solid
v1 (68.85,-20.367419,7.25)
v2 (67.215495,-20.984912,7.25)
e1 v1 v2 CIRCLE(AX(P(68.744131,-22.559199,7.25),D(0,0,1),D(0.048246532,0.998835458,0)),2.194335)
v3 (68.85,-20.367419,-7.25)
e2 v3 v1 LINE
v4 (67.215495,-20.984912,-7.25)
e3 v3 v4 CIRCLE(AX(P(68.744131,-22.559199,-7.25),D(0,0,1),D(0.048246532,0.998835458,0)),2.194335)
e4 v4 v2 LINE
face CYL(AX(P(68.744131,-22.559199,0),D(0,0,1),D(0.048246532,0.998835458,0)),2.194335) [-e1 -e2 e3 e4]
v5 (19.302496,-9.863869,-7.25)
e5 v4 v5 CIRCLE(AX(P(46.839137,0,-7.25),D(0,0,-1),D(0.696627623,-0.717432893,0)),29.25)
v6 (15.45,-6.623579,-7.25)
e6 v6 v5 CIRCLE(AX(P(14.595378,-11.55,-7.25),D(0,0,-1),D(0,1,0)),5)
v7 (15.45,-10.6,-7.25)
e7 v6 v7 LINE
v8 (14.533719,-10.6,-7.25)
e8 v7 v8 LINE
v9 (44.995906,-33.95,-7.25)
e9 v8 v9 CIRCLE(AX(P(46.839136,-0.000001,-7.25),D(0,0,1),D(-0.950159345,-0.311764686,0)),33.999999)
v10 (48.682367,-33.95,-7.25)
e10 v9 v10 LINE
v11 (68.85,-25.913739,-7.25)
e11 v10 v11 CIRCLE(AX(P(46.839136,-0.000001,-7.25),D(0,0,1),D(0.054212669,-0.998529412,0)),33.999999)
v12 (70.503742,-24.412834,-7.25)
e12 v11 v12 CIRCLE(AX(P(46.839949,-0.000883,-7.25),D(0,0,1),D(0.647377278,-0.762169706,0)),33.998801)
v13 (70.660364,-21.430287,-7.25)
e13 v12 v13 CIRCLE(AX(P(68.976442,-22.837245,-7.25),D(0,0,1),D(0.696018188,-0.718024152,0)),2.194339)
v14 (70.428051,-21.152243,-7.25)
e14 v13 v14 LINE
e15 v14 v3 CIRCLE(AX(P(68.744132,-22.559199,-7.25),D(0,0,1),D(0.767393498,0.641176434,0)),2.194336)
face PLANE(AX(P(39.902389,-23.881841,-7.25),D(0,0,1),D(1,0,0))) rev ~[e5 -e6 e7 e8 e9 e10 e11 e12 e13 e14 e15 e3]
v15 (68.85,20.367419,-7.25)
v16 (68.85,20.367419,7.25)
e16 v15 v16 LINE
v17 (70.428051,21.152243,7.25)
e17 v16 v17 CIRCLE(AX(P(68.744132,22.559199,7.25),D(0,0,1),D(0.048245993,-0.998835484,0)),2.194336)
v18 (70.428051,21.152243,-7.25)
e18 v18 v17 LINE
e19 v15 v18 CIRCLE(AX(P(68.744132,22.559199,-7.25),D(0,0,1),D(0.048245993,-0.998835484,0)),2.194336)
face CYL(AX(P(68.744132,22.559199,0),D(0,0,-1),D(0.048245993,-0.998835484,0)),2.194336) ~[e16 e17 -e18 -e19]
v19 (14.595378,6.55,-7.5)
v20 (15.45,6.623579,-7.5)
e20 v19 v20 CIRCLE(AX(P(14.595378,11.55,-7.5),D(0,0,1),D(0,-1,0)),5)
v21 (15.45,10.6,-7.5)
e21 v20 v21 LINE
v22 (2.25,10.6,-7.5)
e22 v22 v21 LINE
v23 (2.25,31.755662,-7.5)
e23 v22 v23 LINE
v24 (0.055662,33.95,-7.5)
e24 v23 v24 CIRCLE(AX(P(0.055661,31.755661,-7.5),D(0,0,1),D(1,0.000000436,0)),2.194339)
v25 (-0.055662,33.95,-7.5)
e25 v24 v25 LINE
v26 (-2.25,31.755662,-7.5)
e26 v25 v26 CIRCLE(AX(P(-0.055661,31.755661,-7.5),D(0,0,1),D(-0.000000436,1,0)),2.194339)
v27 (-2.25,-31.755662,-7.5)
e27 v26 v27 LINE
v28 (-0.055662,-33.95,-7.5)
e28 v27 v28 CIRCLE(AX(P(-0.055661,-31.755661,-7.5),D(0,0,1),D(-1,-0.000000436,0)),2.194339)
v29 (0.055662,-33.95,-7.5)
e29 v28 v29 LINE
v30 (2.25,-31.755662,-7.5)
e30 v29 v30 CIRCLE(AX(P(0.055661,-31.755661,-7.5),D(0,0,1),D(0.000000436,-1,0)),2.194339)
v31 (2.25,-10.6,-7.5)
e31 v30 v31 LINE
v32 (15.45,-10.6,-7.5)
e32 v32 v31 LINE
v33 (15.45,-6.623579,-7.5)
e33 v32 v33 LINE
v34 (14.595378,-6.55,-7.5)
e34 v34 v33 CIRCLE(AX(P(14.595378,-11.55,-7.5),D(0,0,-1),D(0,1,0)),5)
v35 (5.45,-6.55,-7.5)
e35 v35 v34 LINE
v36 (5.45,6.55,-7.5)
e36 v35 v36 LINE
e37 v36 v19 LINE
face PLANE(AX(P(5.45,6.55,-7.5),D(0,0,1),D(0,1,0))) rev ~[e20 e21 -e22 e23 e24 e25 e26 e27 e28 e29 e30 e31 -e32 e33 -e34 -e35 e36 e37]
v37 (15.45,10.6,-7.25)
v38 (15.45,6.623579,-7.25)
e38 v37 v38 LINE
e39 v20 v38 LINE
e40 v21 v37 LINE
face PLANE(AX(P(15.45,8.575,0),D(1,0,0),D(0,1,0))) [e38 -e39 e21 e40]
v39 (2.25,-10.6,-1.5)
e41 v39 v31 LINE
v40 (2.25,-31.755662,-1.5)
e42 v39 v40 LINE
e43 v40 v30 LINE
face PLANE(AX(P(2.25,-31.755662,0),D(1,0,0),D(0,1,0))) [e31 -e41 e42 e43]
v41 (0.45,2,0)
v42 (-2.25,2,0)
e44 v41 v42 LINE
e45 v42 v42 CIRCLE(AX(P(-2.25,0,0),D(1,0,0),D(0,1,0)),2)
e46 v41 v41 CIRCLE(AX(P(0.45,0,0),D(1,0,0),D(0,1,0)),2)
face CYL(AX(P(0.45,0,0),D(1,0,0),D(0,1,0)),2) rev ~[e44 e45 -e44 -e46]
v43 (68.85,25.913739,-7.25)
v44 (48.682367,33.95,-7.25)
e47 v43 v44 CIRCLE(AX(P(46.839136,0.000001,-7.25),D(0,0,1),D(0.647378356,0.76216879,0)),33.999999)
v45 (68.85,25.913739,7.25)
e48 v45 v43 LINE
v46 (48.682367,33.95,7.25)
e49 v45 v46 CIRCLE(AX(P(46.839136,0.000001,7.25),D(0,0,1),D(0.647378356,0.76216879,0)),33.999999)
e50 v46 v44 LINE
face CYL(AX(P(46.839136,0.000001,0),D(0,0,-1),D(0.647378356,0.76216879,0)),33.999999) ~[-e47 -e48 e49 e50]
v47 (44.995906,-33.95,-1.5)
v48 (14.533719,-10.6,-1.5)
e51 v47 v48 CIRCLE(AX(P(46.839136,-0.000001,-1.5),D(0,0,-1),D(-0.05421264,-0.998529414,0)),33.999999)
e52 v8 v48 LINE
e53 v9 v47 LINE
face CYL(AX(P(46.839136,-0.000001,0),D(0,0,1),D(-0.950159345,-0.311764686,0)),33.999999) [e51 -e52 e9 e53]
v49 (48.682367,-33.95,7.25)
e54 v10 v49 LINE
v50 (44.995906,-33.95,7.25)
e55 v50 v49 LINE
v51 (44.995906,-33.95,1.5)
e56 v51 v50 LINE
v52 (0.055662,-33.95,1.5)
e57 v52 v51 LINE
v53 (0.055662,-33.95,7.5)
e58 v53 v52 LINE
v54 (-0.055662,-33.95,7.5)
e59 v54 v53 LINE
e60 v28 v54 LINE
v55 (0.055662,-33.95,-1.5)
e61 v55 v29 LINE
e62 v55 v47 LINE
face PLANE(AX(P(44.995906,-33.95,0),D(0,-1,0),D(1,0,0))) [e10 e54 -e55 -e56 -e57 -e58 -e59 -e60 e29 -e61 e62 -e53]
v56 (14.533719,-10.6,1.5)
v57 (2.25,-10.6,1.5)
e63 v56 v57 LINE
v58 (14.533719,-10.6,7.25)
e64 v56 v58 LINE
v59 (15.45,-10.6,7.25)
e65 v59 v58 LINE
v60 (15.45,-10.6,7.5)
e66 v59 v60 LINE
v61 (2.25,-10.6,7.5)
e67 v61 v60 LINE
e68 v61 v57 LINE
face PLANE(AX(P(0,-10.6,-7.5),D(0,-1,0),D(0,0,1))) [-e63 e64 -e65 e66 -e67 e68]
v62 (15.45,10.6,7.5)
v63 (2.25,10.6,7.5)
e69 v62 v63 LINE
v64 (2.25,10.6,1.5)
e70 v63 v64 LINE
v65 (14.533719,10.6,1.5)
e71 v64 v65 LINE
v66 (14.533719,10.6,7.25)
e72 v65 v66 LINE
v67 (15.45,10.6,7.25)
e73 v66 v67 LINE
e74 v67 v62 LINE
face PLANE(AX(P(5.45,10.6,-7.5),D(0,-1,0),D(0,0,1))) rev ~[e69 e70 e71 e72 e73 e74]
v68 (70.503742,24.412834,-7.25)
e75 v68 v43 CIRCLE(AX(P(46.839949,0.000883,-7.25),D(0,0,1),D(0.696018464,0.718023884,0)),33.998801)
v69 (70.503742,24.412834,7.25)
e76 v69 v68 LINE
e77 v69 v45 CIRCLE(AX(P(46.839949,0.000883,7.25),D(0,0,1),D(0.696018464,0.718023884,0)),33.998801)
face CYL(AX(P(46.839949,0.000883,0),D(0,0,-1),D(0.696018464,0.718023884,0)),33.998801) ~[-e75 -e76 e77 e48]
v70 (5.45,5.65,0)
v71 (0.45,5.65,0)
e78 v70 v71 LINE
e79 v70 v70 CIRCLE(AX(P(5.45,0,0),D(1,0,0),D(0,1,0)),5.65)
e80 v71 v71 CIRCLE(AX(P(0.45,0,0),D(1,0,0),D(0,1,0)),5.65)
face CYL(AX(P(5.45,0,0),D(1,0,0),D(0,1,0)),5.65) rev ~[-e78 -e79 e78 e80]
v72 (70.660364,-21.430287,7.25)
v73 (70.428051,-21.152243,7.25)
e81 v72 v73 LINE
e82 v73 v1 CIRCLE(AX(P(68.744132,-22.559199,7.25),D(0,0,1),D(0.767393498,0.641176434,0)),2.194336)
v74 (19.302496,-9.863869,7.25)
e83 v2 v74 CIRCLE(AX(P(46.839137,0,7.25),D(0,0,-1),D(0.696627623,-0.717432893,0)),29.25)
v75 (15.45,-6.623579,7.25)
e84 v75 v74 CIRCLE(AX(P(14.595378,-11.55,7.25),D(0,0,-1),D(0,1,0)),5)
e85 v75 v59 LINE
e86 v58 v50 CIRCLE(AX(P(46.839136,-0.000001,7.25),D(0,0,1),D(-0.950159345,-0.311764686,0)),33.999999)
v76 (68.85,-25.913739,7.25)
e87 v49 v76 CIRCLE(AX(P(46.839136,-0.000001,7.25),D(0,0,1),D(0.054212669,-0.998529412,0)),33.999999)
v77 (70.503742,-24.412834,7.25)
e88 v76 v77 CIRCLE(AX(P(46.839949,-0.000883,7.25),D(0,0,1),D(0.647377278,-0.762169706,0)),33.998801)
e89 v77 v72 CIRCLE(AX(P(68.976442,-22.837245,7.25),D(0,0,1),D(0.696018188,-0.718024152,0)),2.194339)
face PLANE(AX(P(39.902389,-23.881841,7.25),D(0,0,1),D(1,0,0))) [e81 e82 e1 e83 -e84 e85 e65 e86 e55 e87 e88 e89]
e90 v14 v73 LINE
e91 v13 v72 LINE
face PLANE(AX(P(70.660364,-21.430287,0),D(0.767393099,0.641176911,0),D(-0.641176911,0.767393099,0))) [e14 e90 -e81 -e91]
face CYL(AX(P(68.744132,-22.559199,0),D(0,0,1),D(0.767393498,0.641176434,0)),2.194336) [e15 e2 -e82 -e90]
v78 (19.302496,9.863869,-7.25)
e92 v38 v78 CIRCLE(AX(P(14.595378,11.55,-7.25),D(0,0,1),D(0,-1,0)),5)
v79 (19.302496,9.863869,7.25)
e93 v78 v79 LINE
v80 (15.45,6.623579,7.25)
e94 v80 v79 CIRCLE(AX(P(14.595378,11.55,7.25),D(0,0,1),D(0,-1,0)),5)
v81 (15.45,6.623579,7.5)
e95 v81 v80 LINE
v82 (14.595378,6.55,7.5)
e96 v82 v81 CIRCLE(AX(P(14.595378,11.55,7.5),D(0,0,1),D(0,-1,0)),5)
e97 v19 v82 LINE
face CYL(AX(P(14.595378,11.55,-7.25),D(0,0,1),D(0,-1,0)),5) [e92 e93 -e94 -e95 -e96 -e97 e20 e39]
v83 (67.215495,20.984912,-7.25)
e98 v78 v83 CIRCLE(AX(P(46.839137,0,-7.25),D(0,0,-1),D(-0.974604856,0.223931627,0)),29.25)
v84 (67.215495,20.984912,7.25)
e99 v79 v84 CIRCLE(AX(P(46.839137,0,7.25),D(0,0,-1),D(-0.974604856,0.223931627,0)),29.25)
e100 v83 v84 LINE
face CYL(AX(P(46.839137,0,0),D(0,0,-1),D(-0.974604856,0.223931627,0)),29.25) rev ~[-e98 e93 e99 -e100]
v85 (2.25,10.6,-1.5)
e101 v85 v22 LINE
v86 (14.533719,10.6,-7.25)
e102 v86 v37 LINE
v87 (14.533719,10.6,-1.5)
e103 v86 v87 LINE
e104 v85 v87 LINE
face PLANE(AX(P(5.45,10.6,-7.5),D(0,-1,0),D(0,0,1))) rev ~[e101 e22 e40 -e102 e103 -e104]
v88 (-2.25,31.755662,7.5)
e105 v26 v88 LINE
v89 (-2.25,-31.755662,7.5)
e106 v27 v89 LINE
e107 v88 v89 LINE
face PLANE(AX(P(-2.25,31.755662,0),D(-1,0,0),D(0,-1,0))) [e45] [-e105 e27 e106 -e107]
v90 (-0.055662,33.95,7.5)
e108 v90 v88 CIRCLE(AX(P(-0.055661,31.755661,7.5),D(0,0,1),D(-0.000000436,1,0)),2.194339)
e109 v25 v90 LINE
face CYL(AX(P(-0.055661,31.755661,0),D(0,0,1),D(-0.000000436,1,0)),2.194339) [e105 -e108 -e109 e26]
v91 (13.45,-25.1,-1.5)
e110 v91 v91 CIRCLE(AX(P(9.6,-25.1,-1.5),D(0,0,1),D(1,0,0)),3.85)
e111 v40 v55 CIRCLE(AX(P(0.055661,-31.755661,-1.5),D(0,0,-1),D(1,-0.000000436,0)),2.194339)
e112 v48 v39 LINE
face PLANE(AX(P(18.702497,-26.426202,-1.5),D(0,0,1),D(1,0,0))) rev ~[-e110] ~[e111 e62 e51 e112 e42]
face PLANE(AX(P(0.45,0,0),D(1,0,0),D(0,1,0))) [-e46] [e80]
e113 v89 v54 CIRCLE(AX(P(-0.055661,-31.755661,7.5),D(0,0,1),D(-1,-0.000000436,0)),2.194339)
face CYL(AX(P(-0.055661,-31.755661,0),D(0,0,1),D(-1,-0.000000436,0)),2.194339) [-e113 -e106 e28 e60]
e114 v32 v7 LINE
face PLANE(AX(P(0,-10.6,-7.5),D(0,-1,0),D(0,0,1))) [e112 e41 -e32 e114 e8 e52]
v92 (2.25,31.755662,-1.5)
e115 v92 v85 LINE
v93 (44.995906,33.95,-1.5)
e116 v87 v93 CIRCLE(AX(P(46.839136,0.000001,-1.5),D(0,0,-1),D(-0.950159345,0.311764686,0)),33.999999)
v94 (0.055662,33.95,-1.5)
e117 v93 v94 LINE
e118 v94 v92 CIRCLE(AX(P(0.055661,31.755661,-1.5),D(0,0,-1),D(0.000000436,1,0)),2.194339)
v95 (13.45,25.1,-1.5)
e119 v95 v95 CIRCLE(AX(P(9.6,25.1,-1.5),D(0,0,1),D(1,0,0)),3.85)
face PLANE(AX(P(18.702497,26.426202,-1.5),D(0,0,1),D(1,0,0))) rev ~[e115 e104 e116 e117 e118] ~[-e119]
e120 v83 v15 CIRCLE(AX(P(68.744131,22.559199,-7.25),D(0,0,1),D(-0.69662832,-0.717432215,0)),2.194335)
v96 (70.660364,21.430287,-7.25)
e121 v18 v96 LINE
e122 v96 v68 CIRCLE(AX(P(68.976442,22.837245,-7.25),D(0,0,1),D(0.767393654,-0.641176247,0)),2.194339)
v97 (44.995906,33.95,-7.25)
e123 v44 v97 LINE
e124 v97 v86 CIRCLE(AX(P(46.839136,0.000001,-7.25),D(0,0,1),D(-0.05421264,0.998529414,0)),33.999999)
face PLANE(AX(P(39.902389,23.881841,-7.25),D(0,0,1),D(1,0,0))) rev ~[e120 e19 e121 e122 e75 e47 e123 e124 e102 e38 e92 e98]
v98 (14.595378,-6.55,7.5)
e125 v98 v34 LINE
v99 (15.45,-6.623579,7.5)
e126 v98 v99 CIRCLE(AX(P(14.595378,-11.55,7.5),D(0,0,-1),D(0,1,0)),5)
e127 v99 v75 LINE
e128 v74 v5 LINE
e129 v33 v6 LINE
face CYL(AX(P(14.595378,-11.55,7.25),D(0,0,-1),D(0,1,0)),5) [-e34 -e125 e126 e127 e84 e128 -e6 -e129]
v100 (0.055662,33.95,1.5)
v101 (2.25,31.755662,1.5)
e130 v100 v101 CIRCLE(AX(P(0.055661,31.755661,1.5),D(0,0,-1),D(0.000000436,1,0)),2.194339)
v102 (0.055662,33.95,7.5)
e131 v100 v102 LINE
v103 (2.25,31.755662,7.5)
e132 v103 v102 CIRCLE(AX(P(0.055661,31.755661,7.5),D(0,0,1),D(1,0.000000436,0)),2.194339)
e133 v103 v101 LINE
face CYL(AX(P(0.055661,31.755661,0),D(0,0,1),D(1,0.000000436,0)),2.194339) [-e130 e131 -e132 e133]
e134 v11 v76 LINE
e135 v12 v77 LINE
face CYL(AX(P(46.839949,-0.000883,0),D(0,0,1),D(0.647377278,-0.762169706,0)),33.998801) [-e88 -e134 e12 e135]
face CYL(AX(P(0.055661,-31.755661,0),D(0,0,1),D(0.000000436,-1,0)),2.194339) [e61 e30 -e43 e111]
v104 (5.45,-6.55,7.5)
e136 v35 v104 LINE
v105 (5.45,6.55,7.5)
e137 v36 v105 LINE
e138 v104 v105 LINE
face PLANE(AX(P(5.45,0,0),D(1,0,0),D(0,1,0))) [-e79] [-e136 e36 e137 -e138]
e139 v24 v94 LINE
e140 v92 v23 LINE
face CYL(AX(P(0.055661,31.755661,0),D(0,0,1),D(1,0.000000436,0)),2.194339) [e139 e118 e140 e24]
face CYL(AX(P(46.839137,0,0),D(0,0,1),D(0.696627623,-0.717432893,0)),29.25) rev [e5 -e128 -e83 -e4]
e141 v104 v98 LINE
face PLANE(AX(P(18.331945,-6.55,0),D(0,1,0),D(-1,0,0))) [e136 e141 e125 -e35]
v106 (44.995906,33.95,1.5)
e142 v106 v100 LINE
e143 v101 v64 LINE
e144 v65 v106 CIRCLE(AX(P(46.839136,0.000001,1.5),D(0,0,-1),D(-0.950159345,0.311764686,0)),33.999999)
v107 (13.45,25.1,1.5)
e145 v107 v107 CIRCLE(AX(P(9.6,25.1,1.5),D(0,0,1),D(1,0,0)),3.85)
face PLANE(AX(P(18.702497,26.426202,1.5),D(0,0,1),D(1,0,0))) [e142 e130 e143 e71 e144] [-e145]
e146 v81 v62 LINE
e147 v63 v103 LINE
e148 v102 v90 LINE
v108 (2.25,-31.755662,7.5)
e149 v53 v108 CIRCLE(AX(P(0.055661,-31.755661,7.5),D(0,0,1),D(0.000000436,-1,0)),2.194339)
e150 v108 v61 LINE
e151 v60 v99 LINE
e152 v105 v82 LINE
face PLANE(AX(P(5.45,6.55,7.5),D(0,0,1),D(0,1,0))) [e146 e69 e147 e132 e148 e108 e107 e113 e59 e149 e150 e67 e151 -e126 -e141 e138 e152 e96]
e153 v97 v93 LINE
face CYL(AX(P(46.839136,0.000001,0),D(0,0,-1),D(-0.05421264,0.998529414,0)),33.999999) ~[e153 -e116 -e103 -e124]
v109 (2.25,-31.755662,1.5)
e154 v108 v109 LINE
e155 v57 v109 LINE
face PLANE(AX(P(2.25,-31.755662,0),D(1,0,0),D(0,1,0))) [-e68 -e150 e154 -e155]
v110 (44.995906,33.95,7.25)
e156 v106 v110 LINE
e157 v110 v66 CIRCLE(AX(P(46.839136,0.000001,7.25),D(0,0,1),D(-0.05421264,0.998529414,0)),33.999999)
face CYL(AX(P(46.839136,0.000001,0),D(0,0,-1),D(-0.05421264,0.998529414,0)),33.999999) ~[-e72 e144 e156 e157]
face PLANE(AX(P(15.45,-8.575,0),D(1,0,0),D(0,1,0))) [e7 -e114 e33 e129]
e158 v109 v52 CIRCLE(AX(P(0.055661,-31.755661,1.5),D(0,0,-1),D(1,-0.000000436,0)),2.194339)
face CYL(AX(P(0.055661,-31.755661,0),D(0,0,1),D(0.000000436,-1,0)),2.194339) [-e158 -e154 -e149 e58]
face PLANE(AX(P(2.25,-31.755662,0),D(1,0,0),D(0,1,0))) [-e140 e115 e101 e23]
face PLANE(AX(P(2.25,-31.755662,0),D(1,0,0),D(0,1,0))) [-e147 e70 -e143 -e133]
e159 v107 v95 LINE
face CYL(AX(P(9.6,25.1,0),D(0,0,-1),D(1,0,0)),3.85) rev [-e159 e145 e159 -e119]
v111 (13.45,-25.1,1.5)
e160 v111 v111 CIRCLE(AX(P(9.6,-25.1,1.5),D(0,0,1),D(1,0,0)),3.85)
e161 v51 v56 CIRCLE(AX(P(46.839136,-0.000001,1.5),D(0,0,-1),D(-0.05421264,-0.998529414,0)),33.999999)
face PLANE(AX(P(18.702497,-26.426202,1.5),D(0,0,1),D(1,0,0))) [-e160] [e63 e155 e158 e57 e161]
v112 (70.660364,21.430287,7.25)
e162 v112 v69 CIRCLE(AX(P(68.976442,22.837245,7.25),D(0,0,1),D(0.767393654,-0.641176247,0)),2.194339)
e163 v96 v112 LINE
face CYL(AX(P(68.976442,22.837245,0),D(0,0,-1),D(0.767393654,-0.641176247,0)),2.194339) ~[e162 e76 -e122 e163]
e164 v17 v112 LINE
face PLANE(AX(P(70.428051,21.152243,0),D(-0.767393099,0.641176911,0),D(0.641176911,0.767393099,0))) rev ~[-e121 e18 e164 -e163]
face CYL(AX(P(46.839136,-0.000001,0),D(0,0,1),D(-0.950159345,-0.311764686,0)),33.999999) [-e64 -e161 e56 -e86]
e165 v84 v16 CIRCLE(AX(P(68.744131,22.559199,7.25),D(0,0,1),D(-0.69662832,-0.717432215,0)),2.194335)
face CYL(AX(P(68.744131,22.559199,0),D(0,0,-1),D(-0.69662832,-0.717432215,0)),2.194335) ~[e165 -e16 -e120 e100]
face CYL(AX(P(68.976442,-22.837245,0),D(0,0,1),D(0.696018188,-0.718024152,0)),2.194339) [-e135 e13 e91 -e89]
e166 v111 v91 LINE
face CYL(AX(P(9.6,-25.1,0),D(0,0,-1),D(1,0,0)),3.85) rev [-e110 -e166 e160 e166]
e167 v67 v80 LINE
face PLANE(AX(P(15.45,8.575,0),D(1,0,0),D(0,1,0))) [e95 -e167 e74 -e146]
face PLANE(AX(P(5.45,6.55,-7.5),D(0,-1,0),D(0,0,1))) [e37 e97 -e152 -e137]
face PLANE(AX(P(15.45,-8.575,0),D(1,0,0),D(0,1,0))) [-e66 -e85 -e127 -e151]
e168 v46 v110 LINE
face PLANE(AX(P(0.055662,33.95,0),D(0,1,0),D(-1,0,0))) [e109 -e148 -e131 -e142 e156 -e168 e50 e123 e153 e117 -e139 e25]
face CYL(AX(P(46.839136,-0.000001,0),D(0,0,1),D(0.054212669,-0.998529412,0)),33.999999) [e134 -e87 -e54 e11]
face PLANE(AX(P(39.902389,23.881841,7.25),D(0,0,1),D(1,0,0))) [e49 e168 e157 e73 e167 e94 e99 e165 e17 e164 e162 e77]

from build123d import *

# Parameters (mm, degrees)
F1_DEPTH  = 7.5
F2_W      = 21.2
F2_H      = 15
F3_DEPTH  = 5.45
F4_W      = 4.05
F4_H      = 15
F5_DEPTH  = 10
F6_R      = 3.85
F7_DEPTH  = 1.5
F8_DEPTH  = 7.25
F9_R      = 5
F10_R     = 5.65
F11_DEPTH = 5
F12_R     = 2
F13_DEPTH = 25


with BuildPart() as f1:
    # F0 (on Top) → F1 (new body, symmetric)
    with BuildSketch(Plane.XY):
        with BuildLine():
            ThreePointArc((2.25, 31.755662), (1.607293, 33.307293), (0.055662, 33.95))
            Line((0.055662, 33.95), (-0.055662, 33.95))
            ThreePointArc((-0.055662, 33.95), (-1.607293, 33.307293), (-2.25, 31.755662))
            Line((-2.25, 31.755662), (-2.25, -31.755662))
            ThreePointArc((-2.25, -31.755662), (-1.607293, -33.307293), (-0.055662, -33.95))
            Line((-0.055662, -33.95), (0.055662, -33.95))
            ThreePointArc((0.055662, -33.95), (1.607293, -33.307293), (2.25, -31.755662))
            Line((2.25, -31.755662), (2.25, 31.755662))
        make_face()
    extrude(amount=F1_DEPTH, both=True)

    # F2 (on Right) → F3 (join)
    with BuildSketch(Plane.YZ):
        Rectangle(F2_W, F2_H)
    extrude(amount=F3_DEPTH)

    # F4 (on face) → F5 (join)
    with BuildSketch(Plane.YZ.offset(5.45)):
        with Locations((8.575, 0)):
            Rectangle(F4_W, F4_H)
        with Locations((-8.575, 0)):
            Rectangle(F4_W, F4_H)
    extrude(amount=F5_DEPTH)

    # F6 (on Top) → F7 (join, symmetric)
    with BuildSketch(Plane.XY):
        with BuildLine():
            Line((44.995906, 33.95), (0.055662, 33.95))
            ThreePointArc((0.055662, 33.95), (1.607293, 33.307293), (2.25, 31.755662))
            Line((2.25, 31.755662), (2.25, 10.6))
            Line((2.25, 10.6), (14.533719, 10.6))
            ThreePointArc((14.533719, 10.6), (26.154887, 26.984474), (44.995906, 33.95))
        make_face()
        with Locations((9.6, 25.1)):
            Circle(F6_R, mode=Mode.SUBTRACT)
        with BuildLine():
            Line((2.25, -10.6), (2.25, -31.755662))
            ThreePointArc((2.25, -31.755662), (1.607293, -33.307293), (0.055662, -33.95))
            Line((0.055662, -33.95), (44.995906, -33.95))
            ThreePointArc((44.995906, -33.95), (26.154887, -26.984474), (14.533719, -10.6))
            Line((14.533719, -10.6), (2.25, -10.6))
        make_face()
        with Locations((9.6, -25.1)):
            Circle(F6_R, mode=Mode.SUBTRACT)
    extrude(amount=F7_DEPTH, both=True)

    # F6 (on Top) → F8 (join, symmetric)
    with BuildSketch(Plane.XY):
        with BuildLine():
            Line((48.682367, 33.95), (44.995906, 33.95))
            ThreePointArc((44.995906, 33.95), (26.154887, 26.984474), (14.533719, 10.6))
            Line((14.533719, 10.6), (15.45, 10.6))
            Line((15.45, 10.6), (15.45, 6.55))
            Line((15.45, 6.55), (18.331945, 6.55))
            ThreePointArc((18.331945, 6.55), (38.555461, 28.052508), (67.215495, 20.984912))
            ThreePointArc((67.215495, 20.984912), (67.968637, 20.506465), (68.85, 20.367419))
            Line((68.85, 20.367419), (68.85, 25.913739))
            ThreePointArc((68.85, 25.913739), (59.424836, 31.584809), (48.682367, 33.95))
        make_face()
        with BuildLine():
            Line((15.45, -10.6), (14.533719, -10.6))
            ThreePointArc((14.533719, -10.6), (26.154887, -26.984474), (44.995906, -33.95))
            Line((44.995906, -33.95), (48.682367, -33.95))
            ThreePointArc((48.682367, -33.95), (59.424836, -31.584809), (68.85, -25.913739))
            Line((68.85, -25.913739), (68.85, -20.367419))
            ThreePointArc((68.85, -20.367419), (67.968637, -20.506465), (67.215495, -20.984912))
            ThreePointArc((67.215495, -20.984912), (38.555461, -28.052508), (18.331945, -6.55))
            Line((18.331945, -6.55), (15.45, -6.55))
            Line((15.45, -6.55), (15.45, -10.6))
        make_face()
        with BuildLine():
            ThreePointArc((70.503742, 24.412834), (69.689198, 25.176869), (68.85, 25.913739))
            Line((68.85, 25.913739), (68.85, 20.367419))
            ThreePointArc((68.85, 20.367419), (69.721282, 20.594438), (70.428051, 21.152243))
            Line((70.428051, 21.152243), (70.660364, 21.430287))
            ThreePointArc((70.660364, 21.430287), (71.167762, 22.952317), (70.503742, 24.412834))
        make_face()
        with BuildLine():
            Line((68.85, -20.367419), (68.85, -25.913739))
            ThreePointArc((68.85, -25.913739), (69.689198, -25.176869), (70.503742, -24.412834))
            ThreePointArc((70.503742, -24.412834), (71.167762, -22.952317), (70.660364, -21.430287))
            Line((70.660364, -21.430287), (70.428051, -21.152243))
            ThreePointArc((70.428051, -21.152243), (69.721282, -20.594438), (68.85, -20.367419))
        make_face()
    extrude(amount=F8_DEPTH, both=True)

    # F9
    f9_edges = [f1.edges().sort_by_distance(p)[0] for p in [
        (18.331945, 6.55, 0),
        (18.331945, -6.55, 0),
    ]]
    fillet(f9_edges, radius=F9_R)

    # F10 (on face) → F11 (cut)
    with BuildSketch(Plane.YZ.offset(5.45)):
        Circle(F10_R)
    extrude(amount=-F11_DEPTH, mode=Mode.SUBTRACT)

    # F12 (on face) → F13 (cut)
    with BuildSketch(Plane.YZ.offset(0.45)):
        Circle(F12_R)
    extrude(amount=-F13_DEPTH, mode=Mode.SUBTRACT)


solid = f1.part
